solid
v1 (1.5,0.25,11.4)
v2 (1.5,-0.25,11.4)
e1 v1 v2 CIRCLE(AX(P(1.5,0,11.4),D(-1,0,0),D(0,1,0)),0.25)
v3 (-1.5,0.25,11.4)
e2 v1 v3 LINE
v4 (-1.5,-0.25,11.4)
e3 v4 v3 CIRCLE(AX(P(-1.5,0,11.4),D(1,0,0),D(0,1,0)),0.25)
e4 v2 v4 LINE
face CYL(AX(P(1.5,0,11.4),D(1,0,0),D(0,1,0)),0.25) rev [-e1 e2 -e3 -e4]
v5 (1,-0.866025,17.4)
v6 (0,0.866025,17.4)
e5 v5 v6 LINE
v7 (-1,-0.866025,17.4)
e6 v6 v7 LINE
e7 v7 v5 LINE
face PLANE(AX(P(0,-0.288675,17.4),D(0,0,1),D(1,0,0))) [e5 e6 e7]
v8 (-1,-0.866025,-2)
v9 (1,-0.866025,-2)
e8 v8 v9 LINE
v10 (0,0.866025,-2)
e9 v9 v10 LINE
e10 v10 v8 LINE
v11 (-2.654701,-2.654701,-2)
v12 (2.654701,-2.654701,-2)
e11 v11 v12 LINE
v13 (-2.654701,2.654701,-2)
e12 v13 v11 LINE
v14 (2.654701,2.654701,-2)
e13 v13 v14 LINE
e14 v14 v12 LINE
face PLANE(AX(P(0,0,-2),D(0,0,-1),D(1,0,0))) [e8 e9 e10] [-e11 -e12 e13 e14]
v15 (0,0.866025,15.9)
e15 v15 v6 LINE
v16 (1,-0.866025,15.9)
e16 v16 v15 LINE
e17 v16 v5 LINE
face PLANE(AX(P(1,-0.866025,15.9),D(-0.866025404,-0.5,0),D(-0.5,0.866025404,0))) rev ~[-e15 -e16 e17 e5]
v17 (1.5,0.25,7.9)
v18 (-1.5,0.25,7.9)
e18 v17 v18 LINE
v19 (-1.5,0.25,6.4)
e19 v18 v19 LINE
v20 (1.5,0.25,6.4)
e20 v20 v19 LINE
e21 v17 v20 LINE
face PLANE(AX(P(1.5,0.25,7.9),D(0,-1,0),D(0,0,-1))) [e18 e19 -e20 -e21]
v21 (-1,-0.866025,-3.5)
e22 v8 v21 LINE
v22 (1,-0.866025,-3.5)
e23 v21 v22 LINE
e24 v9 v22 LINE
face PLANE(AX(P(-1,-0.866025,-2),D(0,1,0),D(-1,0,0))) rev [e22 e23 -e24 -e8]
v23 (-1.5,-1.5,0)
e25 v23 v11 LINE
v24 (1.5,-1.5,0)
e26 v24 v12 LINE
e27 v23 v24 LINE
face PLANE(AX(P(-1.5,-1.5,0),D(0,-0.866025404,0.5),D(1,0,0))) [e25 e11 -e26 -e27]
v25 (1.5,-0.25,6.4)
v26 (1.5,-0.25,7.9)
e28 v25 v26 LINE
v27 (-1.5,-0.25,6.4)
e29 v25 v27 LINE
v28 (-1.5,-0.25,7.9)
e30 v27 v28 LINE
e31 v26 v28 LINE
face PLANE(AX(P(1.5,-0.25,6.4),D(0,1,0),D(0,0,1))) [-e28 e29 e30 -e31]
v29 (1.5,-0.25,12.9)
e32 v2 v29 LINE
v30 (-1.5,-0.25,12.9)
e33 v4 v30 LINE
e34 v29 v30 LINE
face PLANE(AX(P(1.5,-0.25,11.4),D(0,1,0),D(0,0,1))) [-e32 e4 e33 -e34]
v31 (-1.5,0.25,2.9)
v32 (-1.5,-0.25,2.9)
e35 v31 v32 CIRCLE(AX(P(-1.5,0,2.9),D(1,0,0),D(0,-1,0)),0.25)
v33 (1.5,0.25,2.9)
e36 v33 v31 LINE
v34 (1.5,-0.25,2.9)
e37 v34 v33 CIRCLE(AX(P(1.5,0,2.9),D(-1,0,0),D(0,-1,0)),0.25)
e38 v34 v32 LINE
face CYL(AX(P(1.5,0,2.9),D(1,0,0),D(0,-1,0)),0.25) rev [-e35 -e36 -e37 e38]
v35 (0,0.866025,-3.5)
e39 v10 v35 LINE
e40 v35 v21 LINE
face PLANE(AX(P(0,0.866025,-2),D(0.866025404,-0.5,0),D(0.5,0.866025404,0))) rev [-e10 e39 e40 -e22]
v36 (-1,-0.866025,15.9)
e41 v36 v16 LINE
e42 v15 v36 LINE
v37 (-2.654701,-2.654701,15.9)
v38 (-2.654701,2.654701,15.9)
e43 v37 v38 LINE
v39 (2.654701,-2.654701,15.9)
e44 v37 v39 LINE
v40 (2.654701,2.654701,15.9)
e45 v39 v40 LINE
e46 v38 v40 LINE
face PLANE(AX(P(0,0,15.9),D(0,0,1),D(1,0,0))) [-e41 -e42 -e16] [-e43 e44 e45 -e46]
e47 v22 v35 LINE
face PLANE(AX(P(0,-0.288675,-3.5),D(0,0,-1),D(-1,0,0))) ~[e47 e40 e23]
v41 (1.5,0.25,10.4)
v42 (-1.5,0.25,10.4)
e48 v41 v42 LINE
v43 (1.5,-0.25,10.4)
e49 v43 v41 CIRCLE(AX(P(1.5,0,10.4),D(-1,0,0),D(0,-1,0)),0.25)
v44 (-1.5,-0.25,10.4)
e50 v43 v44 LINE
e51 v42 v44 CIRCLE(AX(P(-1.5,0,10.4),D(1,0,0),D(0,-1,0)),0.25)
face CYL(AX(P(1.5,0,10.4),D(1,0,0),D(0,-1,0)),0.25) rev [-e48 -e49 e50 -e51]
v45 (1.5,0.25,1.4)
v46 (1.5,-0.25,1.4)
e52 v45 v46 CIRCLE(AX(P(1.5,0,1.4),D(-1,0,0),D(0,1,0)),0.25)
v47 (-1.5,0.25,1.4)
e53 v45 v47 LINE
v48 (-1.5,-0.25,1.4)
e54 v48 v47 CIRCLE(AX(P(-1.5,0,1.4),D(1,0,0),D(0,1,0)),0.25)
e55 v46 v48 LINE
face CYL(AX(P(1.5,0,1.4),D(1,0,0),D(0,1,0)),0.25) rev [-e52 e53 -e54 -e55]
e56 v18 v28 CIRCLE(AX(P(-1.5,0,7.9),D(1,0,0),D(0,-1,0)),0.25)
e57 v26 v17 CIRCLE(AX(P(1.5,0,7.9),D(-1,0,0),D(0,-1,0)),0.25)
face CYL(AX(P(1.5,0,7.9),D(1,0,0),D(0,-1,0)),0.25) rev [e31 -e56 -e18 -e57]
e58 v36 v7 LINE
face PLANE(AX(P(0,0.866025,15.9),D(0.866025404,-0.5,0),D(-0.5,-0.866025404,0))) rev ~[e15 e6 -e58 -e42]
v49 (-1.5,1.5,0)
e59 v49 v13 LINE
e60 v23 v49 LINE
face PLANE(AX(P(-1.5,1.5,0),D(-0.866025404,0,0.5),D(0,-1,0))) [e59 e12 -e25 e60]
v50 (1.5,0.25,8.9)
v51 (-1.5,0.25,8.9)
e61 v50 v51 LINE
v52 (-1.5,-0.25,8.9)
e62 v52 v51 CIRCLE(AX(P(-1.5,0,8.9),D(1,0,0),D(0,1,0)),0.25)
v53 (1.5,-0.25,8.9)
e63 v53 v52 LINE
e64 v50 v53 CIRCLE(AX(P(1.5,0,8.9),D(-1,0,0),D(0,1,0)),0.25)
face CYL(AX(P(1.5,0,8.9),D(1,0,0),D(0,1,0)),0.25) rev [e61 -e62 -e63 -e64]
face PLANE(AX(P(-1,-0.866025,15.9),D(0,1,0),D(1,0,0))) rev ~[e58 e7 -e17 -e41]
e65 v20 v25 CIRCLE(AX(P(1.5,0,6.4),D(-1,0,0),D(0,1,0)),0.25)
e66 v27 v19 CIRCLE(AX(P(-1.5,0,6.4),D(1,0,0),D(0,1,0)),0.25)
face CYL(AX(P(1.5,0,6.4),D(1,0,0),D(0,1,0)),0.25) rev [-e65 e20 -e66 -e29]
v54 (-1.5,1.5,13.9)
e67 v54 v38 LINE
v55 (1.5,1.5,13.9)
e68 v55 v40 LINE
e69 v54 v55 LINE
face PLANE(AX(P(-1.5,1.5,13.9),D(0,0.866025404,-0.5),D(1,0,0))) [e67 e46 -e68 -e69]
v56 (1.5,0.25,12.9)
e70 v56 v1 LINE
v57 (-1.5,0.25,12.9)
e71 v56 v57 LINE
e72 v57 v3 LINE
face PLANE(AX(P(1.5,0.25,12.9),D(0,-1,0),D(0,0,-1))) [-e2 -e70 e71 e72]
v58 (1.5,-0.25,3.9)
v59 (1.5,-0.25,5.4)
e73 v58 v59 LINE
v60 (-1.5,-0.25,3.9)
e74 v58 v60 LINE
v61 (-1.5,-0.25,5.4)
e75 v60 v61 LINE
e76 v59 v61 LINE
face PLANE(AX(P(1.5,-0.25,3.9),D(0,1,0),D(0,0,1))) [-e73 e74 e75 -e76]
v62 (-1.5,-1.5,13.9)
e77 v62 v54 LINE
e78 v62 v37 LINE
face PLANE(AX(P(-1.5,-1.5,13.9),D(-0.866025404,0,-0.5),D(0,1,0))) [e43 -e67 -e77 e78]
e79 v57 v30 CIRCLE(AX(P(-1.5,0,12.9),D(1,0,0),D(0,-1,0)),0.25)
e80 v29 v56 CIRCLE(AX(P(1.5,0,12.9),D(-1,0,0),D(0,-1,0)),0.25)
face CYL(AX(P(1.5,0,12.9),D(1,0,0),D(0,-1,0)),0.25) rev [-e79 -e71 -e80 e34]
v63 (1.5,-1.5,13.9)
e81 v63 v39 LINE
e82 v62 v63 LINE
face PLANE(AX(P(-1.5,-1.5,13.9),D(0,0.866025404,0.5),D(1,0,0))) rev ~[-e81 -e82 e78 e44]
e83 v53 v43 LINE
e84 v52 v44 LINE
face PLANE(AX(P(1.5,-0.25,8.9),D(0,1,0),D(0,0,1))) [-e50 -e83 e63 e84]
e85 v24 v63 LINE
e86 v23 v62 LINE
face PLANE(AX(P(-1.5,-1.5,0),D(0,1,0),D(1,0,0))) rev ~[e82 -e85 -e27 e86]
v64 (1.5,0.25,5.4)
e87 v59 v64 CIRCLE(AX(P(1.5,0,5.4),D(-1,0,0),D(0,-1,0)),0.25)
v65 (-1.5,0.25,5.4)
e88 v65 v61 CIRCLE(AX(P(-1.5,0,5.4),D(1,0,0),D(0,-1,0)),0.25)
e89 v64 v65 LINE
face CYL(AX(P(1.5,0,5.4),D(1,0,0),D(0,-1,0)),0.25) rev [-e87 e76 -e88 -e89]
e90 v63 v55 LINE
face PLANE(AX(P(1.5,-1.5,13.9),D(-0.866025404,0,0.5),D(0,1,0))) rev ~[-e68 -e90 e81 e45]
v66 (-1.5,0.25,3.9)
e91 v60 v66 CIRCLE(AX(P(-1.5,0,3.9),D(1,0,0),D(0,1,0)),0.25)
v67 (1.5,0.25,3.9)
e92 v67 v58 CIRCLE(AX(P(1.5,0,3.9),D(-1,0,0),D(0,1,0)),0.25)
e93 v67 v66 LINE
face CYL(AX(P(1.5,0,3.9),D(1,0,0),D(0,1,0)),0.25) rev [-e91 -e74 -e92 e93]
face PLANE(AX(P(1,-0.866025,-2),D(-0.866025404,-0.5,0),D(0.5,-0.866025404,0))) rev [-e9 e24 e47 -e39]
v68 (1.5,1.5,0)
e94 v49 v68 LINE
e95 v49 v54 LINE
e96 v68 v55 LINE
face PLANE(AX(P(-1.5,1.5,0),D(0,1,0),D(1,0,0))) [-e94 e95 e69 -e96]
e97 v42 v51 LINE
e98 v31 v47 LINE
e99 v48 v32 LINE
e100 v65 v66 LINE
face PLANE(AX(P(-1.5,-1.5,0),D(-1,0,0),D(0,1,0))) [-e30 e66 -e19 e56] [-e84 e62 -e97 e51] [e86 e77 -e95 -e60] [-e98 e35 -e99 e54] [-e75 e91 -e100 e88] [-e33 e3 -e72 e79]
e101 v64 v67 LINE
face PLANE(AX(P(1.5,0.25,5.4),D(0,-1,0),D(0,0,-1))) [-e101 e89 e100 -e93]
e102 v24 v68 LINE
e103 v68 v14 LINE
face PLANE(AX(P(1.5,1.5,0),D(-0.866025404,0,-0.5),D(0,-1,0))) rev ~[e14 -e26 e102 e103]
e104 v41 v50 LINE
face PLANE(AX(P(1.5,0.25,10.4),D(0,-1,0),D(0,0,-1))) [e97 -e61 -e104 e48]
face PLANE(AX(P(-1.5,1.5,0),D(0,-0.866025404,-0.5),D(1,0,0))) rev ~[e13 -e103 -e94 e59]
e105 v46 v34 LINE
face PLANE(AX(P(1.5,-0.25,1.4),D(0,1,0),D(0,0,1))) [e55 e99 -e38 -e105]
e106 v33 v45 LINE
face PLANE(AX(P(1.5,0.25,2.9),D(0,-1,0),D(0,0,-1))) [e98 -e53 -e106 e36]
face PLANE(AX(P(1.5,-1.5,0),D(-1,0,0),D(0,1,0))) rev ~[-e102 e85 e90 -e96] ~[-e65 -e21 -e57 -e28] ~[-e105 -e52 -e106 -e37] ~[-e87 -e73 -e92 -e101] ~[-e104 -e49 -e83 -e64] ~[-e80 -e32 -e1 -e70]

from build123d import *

# Parameters (mm, degrees)
SKETCH1_W               = 3
SKETCH1_H               = 3
BOSS_EXTRUDE1_DEPTH     = 13.9
SKETCH2_W               = 3
SKETCH2_H               = 3
BOSS_EXTRUDE2_DEPTH     = 2
BOSS_EXTRUDE2_DRAFT     = -30
MIRROR1_COPY_1_SKETCH_W = 3
MIRROR1_COPY_1_SKETCH_H = 3
MIRROR1_COPY_1_DEPTH    = 2
MIRROR1_COPY_1_DRAFT    = -30
BOSS_EXTRUDE3_DEPTH     = 1.5
CUT_EXTRUDE1_REACH      = 20.085


with BuildPart() as part:
    # Sketch1 → Boss-Extrude1 (new body)
    with BuildSketch(Plane.XY):
        Rectangle(SKETCH1_W, SKETCH1_H)
    extrude(amount=BOSS_EXTRUDE1_DEPTH)


with BuildPart() as boss_extrude2_tool:
    # Sketch2 → Boss-Extrude2 (with draft: the straight prism first)
    with BuildSketch(Plane.XY.offset(13.9)):
        Rectangle(SKETCH2_W, SKETCH2_H)
    extrude(amount=BOSS_EXTRUDE2_DEPTH)
    # Boss-Extrude2: the draft: its side faces are tilted about the plane it starts from
    boss_extrude2_sides = [boss_extrude2_tool.faces().sort_by_distance(p)[0] for p in [
        (1.5, 0, 14.9),
        (0, 1.5, 14.9),
        (-1.5, 0, 14.9),
        (0, -1.5, 14.9),
    ]]
    draft(boss_extrude2_sides, Plane.XY.offset(13.9), BOSS_EXTRUDE2_DRAFT)


with BuildPart() as part_1:
    add(part.part)

    # Boss-Extrude2: add boss_extrude2_tool
    add(boss_extrude2_tool.part)


with BuildPart() as mirror1_copy_1_tool:
    # Mirror1 copy 1 sketch → Mirror1 copy 1 (with draft: the straight prism first)
    with BuildSketch(Plane(origin=(0, 0, 0), x_dir=(1, 0, 0), z_dir=(0, 0, -1))):
        Rectangle(MIRROR1_COPY_1_SKETCH_W, MIRROR1_COPY_1_SKETCH_H)
    extrude(amount=MIRROR1_COPY_1_DEPTH)
    # Mirror1 copy 1: the draft: its side faces are tilted about the plane it starts from
    mirror1_copy_1_sides = [mirror1_copy_1_tool.faces().sort_by_distance(p)[0] for p in [
        (1.5, 0, -1),
        (0, 1.5, -1),
        (-1.5, 0, -1),
        (0, -1.5, -1),
    ]]
    draft(mirror1_copy_1_sides, Plane(origin=(0, 0, 0), x_dir=(1, 0, 0), z_dir=(0, 0, -1)), MIRROR1_COPY_1_DRAFT)


with BuildPart() as part_2:
    add(part_1.part)

    # Mirror1 copy 1: add mirror1_copy_1_tool
    add(mirror1_copy_1_tool.part)

    # Sketch3 → Boss-Extrude3 (add)
    with BuildSketch(Plane.XY.offset(15.9)):
        Polygon((0, 0.866025404), (-1, -0.866025404), (1, -0.866025404), align=None)
    boss_extrude3 = extrude(amount=BOSS_EXTRUDE3_DEPTH)

    # Mirror2: Boss-Extrude3 across plane
    add(boss_extrude3.mirror(Plane.XY.offset(6.95)))

    # Sketch7 → Cut-Extrude1 (cut, up to next)
    with BuildSketch(Plane(origin=(1.5, 0, 0), x_dir=(0, 0, -1), z_dir=(1, 0, 0)), mode=Mode.PRIVATE) as cut_extrude1_sk1:
        with BuildLine():
            Line((-12.9, 0.25), (-11.4, 0.25))
            ThreePointArc((-11.4, 0.25), (-11.15, 0), (-11.4, -0.25))
            Line((-11.4, -0.25), (-12.9, -0.25))
            ThreePointArc((-12.9, -0.25), (-13.15, 0), (-12.9, 0.25))
        make_face()
    cut_extrude1_tool1 = extrude(cut_extrude1_sk1.sketch, amount=-CUT_EXTRUDE1_REACH, mode=Mode.PRIVATE) & part_2.part
    # Sketch7 → Cut-Extrude1 (cut, up to next)
    with BuildSketch(Plane(origin=(1.5, 0, 0), x_dir=(0, 0, -1), z_dir=(1, 0, 0)), mode=Mode.PRIVATE) as cut_extrude1_sk2:
        with BuildLine():
            Line((-10.4, 0.25), (-8.9, 0.25))
            ThreePointArc((-8.9, 0.25), (-8.65, 0), (-8.9, -0.25))
            Line((-8.9, -0.25), (-10.4, -0.25))
            ThreePointArc((-10.4, -0.25), (-10.65, 0), (-10.4, 0.25))
        make_face()
    cut_extrude1_tool2 = extrude(cut_extrude1_sk2.sketch, amount=-CUT_EXTRUDE1_REACH, mode=Mode.PRIVATE) & part_2.part
    # Sketch7 → Cut-Extrude1 (cut, up to next)
    with BuildSketch(Plane(origin=(1.5, 0, 0), x_dir=(0, 0, -1), z_dir=(1, 0, 0)), mode=Mode.PRIVATE) as cut_extrude1_sk3:
        with BuildLine():
            Line((-7.9, 0.25), (-6.4, 0.25))
            ThreePointArc((-6.4, 0.25), (-6.15, 0), (-6.4, -0.25))
            Line((-6.4, -0.25), (-7.9, -0.25))
            ThreePointArc((-7.9, -0.25), (-8.15, 0), (-7.9, 0.25))
        make_face()
    cut_extrude1_tool3 = extrude(cut_extrude1_sk3.sketch, amount=-CUT_EXTRUDE1_REACH, mode=Mode.PRIVATE) & part_2.part
    # Sketch7 → Cut-Extrude1 (cut, up to next)
    with BuildSketch(Plane(origin=(1.5, 0, 0), x_dir=(0, 0, -1), z_dir=(1, 0, 0)), mode=Mode.PRIVATE) as cut_extrude1_sk4:
        with BuildLine():
            Line((-5.4, 0.25), (-3.9, 0.25))
            ThreePointArc((-3.9, 0.25), (-3.65, 0), (-3.9, -0.25))
            Line((-3.9, -0.25), (-5.4, -0.25))
            ThreePointArc((-5.4, -0.25), (-5.65, 0), (-5.4, 0.25))
        make_face()
    cut_extrude1_tool4 = extrude(cut_extrude1_sk4.sketch, amount=-CUT_EXTRUDE1_REACH, mode=Mode.PRIVATE) & part_2.part
    # Sketch7 → Cut-Extrude1 (cut, up to next)
    with BuildSketch(Plane(origin=(1.5, 0, 0), x_dir=(0, 0, -1), z_dir=(1, 0, 0)), mode=Mode.PRIVATE) as cut_extrude1_sk5:
        with BuildLine():
            Line((-2.9, 0.25), (-1.4, 0.25))
            ThreePointArc((-1.4, 0.25), (-1.15, 0), (-1.4, -0.25))
            Line((-1.4, -0.25), (-2.9, -0.25))
            ThreePointArc((-2.9, -0.25), (-3.15, 0), (-2.9, 0.25))
        make_face()
    cut_extrude1_tool5 = extrude(cut_extrude1_sk5.sketch, amount=-CUT_EXTRUDE1_REACH, mode=Mode.PRIVATE) & part_2.part
    add(cut_extrude1_tool1.solids().sort_by_distance((1.5, 0, 12.15))[0], mode=Mode.SUBTRACT)
    add(cut_extrude1_tool2.solids().sort_by_distance((1.5, 0, 9.65))[0], mode=Mode.SUBTRACT)
    add(cut_extrude1_tool3.solids().sort_by_distance((1.5, 0, 7.15))[0], mode=Mode.SUBTRACT)
    add(cut_extrude1_tool4.solids().sort_by_distance((1.5, 0, 4.65))[0], mode=Mode.SUBTRACT)
    add(cut_extrude1_tool5.solids().sort_by_distance((1.5, 0, 2.15))[0], mode=Mode.SUBTRACT)


solid = part_2.part
